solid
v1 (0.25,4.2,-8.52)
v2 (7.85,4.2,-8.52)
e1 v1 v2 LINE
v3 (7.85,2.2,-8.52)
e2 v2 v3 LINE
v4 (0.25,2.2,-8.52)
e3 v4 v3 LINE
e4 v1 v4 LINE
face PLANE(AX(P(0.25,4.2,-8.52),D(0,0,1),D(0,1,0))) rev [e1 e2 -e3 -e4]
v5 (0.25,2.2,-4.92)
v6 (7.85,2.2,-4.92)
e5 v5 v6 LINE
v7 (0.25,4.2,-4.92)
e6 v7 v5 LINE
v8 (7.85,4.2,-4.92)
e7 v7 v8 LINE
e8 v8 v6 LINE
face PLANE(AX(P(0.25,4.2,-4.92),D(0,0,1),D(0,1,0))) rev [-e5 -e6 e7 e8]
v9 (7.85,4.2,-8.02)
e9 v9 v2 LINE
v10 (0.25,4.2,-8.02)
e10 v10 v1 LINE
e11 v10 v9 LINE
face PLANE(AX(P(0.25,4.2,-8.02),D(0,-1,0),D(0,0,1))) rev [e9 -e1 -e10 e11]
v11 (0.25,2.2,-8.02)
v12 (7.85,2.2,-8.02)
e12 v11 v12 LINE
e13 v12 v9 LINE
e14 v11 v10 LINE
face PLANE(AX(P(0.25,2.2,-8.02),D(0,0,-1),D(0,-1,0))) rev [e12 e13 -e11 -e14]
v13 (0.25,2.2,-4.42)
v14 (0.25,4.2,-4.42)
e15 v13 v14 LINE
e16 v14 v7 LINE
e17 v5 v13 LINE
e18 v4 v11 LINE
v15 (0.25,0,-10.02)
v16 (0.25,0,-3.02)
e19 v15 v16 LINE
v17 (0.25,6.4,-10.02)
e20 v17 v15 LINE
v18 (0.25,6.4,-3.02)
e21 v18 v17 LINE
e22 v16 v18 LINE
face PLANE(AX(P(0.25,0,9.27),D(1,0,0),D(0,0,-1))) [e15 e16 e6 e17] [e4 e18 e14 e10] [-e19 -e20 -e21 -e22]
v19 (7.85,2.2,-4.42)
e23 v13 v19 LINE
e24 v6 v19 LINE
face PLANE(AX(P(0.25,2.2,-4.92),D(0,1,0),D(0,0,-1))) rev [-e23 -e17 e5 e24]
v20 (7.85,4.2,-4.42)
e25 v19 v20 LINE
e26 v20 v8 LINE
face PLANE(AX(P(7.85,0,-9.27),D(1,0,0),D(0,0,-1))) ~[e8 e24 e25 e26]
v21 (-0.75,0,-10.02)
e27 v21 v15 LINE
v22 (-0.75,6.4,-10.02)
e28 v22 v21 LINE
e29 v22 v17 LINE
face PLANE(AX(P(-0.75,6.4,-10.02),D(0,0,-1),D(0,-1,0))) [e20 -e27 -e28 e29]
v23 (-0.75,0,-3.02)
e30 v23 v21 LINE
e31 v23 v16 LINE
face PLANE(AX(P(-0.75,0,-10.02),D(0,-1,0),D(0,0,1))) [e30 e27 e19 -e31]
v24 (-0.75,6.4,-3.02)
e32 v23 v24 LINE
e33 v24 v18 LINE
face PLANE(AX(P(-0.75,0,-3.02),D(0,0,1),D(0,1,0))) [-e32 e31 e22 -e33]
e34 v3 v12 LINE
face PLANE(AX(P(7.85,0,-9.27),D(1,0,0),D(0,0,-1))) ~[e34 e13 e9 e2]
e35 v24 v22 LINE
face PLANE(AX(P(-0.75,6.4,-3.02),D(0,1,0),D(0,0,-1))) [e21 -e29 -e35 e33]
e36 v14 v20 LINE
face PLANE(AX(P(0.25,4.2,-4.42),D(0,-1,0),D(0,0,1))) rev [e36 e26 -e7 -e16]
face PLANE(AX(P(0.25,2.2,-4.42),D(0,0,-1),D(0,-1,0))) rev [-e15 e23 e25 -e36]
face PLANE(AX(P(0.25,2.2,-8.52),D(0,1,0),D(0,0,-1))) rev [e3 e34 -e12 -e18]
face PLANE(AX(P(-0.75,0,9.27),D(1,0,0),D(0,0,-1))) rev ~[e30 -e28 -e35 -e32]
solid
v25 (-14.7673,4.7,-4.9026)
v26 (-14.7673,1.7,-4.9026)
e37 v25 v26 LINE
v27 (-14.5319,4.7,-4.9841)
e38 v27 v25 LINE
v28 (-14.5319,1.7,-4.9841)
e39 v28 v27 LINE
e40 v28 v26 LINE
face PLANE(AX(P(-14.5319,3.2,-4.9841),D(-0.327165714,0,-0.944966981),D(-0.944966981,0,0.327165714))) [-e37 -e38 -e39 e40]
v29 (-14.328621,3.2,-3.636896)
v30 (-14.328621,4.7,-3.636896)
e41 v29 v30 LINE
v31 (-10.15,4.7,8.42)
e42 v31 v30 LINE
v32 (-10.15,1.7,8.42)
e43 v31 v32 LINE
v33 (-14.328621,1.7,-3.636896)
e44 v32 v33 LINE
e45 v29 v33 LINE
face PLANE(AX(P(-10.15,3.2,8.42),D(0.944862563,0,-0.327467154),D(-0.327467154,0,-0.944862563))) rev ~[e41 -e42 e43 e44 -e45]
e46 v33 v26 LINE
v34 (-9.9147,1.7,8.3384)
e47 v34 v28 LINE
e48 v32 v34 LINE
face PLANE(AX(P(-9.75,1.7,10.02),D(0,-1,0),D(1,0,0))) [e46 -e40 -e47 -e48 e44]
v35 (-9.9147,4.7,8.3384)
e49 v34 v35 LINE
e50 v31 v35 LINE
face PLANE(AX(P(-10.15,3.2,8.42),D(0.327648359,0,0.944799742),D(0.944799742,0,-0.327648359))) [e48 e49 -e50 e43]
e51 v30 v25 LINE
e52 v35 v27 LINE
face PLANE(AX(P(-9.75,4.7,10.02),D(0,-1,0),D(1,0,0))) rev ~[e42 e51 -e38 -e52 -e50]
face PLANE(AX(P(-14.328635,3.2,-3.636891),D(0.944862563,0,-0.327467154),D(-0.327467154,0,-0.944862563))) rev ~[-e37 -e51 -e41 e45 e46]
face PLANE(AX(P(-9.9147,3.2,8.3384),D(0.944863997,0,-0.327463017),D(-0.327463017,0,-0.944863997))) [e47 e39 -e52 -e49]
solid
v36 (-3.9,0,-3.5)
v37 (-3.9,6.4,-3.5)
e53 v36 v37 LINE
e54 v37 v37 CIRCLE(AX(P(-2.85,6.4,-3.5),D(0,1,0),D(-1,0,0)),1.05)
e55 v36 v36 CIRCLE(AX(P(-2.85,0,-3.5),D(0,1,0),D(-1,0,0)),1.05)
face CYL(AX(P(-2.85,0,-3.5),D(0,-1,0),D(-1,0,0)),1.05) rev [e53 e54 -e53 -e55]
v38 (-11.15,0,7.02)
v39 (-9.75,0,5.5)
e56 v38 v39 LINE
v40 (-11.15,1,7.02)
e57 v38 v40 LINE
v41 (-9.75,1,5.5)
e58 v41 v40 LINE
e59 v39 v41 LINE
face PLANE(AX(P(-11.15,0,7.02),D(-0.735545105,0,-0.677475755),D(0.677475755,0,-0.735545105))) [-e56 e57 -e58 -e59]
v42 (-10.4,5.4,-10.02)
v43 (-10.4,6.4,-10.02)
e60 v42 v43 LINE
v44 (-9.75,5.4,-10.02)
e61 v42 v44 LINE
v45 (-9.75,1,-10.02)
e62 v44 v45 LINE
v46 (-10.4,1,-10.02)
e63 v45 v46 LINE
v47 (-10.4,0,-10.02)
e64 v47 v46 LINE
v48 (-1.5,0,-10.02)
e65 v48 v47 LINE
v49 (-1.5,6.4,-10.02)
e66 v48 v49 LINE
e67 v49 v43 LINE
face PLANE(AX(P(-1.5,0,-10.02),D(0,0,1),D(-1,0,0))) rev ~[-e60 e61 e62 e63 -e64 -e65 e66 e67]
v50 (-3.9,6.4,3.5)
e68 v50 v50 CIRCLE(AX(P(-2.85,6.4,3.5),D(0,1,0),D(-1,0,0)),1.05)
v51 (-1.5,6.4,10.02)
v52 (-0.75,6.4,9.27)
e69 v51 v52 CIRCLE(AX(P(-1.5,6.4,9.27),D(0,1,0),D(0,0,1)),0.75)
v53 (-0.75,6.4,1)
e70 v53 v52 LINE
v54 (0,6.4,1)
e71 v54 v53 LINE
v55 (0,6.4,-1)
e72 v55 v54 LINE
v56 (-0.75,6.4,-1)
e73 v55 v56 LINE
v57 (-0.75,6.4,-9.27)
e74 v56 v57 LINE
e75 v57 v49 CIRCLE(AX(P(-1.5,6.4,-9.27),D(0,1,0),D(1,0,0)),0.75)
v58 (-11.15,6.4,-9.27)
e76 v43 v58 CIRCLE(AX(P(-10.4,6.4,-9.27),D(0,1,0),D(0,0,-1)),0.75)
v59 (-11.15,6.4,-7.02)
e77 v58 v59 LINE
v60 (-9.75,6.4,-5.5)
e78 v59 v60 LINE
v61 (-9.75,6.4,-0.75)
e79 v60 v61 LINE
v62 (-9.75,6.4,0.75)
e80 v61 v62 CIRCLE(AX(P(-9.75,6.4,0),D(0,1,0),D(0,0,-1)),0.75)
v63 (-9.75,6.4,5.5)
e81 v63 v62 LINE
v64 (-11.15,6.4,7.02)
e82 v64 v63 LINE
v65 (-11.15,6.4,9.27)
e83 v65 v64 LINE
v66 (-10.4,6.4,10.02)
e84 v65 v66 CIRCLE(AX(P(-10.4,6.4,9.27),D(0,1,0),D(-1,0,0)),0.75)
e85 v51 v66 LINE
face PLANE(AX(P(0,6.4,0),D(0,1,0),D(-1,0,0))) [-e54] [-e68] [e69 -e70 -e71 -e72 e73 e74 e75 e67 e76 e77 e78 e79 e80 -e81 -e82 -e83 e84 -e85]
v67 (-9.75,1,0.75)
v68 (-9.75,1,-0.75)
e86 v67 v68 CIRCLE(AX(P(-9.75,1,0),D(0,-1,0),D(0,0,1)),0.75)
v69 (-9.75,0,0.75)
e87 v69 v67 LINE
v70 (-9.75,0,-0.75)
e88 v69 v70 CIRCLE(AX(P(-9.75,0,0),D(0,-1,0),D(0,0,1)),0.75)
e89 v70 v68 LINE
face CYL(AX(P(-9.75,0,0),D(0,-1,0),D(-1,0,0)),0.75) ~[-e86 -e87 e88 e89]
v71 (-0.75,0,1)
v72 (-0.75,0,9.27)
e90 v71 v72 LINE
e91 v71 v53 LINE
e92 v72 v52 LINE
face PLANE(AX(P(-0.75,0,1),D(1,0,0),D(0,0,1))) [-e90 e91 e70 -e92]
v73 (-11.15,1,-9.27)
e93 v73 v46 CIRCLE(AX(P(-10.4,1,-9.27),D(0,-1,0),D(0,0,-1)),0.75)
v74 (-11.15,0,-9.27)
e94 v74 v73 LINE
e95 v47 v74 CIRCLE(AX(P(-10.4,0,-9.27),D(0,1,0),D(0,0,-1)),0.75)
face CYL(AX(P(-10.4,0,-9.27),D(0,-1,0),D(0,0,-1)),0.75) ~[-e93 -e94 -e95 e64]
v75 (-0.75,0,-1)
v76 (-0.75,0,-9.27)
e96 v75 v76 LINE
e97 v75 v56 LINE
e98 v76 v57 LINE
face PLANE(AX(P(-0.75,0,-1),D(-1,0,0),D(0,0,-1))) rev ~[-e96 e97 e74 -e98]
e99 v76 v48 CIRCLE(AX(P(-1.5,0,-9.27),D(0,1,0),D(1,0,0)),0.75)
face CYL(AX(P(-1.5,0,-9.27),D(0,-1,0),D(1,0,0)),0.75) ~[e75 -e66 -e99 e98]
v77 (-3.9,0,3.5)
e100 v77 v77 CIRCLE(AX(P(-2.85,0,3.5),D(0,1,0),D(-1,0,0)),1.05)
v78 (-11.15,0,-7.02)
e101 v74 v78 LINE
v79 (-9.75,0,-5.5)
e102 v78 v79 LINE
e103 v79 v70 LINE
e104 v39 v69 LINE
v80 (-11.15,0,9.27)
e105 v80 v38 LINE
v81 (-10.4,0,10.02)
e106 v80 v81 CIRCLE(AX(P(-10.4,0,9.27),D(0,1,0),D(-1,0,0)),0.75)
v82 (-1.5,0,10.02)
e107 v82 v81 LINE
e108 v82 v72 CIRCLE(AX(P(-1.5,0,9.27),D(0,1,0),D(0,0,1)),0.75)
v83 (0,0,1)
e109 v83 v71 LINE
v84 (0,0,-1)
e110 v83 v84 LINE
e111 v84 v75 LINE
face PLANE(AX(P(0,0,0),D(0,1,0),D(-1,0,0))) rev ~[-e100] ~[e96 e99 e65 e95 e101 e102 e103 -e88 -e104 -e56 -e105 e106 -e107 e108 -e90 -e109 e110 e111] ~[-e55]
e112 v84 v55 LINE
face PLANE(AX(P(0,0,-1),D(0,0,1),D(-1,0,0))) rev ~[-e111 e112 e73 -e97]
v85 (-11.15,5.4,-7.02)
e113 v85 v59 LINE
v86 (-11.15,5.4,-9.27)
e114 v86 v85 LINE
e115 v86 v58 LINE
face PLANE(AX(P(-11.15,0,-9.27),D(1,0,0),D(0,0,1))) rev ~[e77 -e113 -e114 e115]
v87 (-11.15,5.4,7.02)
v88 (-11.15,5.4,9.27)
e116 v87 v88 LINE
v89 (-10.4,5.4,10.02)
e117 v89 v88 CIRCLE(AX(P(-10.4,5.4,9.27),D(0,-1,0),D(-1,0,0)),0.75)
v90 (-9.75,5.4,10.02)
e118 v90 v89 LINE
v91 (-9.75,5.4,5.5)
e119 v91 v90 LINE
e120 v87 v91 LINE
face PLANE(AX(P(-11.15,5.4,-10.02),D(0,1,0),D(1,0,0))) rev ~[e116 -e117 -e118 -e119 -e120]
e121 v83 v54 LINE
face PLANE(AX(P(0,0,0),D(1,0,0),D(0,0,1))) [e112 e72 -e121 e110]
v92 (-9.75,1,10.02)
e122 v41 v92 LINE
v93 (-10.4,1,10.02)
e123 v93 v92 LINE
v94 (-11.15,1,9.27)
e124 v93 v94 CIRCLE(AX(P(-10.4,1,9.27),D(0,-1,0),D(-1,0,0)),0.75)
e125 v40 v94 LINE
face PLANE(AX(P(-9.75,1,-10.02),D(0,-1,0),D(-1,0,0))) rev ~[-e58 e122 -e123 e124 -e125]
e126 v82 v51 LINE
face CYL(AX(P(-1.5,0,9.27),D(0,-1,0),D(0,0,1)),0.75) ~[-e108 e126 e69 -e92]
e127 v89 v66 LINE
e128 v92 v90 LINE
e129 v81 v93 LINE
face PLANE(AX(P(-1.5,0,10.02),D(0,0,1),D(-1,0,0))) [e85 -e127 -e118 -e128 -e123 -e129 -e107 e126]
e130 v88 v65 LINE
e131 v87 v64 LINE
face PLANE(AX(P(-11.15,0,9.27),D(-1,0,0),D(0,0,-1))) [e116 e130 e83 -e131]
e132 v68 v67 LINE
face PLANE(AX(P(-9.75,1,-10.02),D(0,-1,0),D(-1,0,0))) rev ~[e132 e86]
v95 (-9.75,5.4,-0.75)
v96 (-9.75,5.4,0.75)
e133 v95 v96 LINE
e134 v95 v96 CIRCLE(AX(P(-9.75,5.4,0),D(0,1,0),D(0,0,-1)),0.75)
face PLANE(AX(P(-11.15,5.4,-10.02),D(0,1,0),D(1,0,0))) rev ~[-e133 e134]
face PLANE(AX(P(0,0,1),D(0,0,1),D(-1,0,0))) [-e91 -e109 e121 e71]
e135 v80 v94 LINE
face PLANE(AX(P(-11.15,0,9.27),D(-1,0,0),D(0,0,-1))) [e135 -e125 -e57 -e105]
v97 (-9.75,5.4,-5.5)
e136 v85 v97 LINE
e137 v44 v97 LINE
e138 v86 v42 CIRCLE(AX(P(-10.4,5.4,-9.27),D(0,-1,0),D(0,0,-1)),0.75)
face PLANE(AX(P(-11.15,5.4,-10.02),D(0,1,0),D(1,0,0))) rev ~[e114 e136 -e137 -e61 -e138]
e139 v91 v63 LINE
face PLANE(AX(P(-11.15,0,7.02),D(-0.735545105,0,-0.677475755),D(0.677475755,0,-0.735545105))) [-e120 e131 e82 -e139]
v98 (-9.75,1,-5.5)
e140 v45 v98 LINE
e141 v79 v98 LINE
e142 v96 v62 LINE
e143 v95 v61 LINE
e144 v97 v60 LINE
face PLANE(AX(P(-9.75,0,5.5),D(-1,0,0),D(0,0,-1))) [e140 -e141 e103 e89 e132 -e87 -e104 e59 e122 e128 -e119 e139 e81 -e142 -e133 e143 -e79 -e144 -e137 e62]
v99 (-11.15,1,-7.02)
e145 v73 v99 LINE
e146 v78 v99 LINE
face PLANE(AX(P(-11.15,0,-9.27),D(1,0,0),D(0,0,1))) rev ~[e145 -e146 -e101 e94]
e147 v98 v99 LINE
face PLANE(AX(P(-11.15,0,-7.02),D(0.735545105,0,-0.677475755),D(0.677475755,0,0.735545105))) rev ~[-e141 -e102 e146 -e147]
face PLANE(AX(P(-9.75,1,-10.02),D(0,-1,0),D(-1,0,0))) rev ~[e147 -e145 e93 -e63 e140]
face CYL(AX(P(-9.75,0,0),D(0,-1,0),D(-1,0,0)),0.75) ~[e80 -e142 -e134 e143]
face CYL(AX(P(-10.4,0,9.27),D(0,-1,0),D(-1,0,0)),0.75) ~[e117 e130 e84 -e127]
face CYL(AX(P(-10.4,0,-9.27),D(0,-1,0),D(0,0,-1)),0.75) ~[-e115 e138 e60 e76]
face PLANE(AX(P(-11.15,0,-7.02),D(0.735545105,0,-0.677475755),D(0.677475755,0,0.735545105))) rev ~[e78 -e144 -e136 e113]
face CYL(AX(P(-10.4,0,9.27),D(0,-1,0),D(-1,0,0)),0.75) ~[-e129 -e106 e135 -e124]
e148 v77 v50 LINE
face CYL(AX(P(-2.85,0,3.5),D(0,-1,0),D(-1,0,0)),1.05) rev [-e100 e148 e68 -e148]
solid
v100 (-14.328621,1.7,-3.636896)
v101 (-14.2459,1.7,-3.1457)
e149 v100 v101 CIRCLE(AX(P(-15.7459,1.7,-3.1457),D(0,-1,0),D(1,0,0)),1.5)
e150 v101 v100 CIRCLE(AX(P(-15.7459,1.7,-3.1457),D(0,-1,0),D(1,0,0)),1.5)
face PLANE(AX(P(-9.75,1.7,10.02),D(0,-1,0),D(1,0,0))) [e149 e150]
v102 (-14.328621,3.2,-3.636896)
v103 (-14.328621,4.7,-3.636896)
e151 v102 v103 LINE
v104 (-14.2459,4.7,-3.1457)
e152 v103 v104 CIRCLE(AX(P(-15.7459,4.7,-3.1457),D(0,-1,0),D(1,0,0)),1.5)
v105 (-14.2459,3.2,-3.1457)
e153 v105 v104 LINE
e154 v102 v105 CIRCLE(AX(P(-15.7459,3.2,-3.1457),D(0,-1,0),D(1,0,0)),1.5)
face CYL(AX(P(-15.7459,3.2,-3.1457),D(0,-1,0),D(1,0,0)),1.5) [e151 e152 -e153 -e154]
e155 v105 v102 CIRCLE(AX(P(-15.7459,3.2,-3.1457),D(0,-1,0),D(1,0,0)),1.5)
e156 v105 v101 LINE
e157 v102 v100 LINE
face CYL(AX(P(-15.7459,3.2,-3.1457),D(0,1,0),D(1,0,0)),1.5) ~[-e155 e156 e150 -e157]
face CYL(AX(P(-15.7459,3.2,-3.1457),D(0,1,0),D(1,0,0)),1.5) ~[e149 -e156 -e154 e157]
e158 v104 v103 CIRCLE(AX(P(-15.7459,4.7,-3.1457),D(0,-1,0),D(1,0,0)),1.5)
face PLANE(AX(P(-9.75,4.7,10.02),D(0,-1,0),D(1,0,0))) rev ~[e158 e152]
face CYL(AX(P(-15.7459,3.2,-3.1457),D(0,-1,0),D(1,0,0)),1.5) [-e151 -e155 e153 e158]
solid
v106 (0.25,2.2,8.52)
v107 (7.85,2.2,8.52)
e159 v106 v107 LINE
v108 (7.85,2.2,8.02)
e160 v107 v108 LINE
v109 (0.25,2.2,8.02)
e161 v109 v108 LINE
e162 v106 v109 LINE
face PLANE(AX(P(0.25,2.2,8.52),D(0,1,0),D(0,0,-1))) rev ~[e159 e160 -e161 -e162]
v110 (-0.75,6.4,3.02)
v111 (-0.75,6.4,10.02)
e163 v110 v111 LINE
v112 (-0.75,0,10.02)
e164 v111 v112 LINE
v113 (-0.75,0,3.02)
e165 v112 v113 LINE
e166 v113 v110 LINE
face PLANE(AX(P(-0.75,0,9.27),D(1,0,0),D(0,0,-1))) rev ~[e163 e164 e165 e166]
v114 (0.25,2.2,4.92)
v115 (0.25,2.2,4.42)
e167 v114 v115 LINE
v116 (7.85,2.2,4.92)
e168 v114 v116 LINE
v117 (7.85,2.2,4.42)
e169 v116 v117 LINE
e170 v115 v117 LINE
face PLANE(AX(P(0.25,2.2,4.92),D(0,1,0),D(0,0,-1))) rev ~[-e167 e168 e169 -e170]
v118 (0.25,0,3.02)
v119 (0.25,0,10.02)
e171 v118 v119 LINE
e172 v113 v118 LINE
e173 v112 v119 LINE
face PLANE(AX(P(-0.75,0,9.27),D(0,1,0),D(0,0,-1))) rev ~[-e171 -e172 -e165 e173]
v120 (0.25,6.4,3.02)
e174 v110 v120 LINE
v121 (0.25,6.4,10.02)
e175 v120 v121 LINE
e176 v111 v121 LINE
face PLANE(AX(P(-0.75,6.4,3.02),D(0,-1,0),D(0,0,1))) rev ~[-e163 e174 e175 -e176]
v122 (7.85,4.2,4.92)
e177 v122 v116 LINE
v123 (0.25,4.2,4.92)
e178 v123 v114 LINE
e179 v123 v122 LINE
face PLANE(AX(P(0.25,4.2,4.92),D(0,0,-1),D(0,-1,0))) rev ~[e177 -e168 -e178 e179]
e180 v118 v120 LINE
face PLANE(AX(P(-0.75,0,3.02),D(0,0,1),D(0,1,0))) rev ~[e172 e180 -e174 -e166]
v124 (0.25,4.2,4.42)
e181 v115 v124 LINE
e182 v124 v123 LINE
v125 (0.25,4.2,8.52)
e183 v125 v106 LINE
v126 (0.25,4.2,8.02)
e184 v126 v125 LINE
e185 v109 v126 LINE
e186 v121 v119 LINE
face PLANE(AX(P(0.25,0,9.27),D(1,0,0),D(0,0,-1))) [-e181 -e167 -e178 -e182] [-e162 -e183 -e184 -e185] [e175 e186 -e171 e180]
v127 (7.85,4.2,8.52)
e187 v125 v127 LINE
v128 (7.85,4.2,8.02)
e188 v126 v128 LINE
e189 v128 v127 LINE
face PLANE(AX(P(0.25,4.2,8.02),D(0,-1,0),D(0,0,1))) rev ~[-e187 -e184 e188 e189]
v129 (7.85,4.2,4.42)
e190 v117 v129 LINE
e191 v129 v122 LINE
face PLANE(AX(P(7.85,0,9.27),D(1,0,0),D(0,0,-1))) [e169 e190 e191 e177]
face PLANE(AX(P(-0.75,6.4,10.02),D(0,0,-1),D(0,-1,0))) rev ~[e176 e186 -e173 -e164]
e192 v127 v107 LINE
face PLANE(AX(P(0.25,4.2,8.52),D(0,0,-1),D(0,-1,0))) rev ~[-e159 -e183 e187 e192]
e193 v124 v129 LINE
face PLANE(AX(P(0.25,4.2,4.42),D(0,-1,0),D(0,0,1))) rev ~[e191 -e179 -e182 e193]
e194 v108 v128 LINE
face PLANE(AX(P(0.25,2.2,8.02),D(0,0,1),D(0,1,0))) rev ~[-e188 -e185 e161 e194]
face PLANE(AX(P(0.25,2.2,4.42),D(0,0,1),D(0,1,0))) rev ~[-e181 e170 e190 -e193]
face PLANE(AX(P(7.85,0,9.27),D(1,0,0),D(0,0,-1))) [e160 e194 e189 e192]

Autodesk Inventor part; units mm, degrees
ref_plane "YZ Plane" through (0, 0, 0) normal (1, 0, 0) x (0, 1, 0)
ref_plane "XZ Plane" through (0, 0, 0) normal (0, 1, 0) x (-1, 0, 0)
ref_plane "XY Plane" through (0, 0, 0) normal (0, 0, 1) x (1, 0, 0)
sketch "Sketch1" plane through (0, 0, 0) normal (0, 1, 0) x (-1, 0, 0)
  line L0 (0, 0) -> (0, 1)
  line L1 (0, 1) -> (0.75, 1)
  line L2 (0.75, 1) -> (0.75, 9.27)
  line L3 (1.5, 10.02) -> (10.4, 10.02)
  line L4 (11.15, 9.27) -> (11.15, 7.02)
  line L5 (11.15, 7.02) -> (9.75, 5.5)
  line L6 (9.75, 5.5) -> (9.75, 0.75)
  arc A0 (10.5, 0) -> (9.75, 0.75) centre (9.75, 0) ccw
  line L7 (9.75, 0) -> (9.75, 0.75) construction
  circle A1 centre (2.85, 3.5) radius 1.05
  line L8 (9.75, 0) -> (9.25, 0) construction
  line L9 (0, 0) -> (9.25, 0) construction
  line L10 (9.75, 7.7) -> (9.75, 5.5) construction
  arc A2 (11.15, 9.27) -> (10.4, 10.02) centre (10.4, 9.27) ccw
  arc A3 (1.5, 10.02) -> (0.75, 9.27) centre (1.5, 9.27) ccw
  line L11 (9.75, 0) -> (10.5, 0) construction
  line L12 (0, 0) -> (0, -1)
  line L13 (0, -1) -> (0.75, -1)
  line L14 (0.75, -1) -> (0.75, -9.27)
  line L15 (1.5, -10.02) -> (10.4, -10.02)
  line L16 (11.15, -9.27) -> (11.15, -7.02)
  line L17 (11.15, -7.02) -> (9.75, -5.5)
  line L18 (9.75, -5.5) -> (9.75, -0.75)
  arc A4 (9.75, -0.75) -> (10.5, 0) centre (9.75, 0) ccw
  line L19 (9.75, 0) -> (9.75, -0.75) construction
  circle A5 centre (2.85, -3.5) radius 1.05
  line L20 (9.75, -7.7) -> (9.75, -5.5) construction
  arc A6 (10.4, -10.02) -> (11.15, -9.27) centre (10.4, -9.27) ccw
  arc A7 (0.75, -9.27) -> (1.5, -10.02) centre (1.5, -9.27) ccw
  point P0 (11.15, 10.02)
  point P1 (11.15, -10.02)
  dimension "d0" = 0.75
  dimension "d1" = 2.1
  dimension "d2" = 3.5
  dimension "d3" = 10.02
  dimension "d4" = 3
  dimension "d5" = 0.75
  dimension "d6" = 2.1
  dimension "d7" = 1
  dimension "d8" = 6.9
  dimension "d9" = 8.3
  dimension "d10" = 4.2
  dimension "d11" = 5.5
  dimension "d12" = 0.75
extrude "Extrusion1" add sketch "Sketch1" along normal blind 6.4
sketch "Sketch2" plane through (-0.75, 0, 9.27) normal (1, 0, 0) x (0, 0, -1)
  line L0 (-0.75, 0) -> (0, 0) projected
  line L1 (8.52, 6.4) -> (3.77, 6.4) construction
  line L2 (-0.75, 0) -> (6.25, 0)
  line L3 (6.25, 0) -> (6.25, 6.4)
  line L4 (6.25, 6.4) -> (-0.75, 6.4)
  line L5 (-0.75, 6.4) -> (-0.75, 0)
  line L6 (8.27, 6.4) -> (10.27, 6.4) construction
  line L7 (9.27, 6.4) -> (9.27, 0) construction
  line L8 (19.29, 0) -> (18.54, 0)
  line L9 (19.29, 0) -> (12.29, 0)
  line L10 (12.29, 0) -> (12.29, 6.4)
  line L11 (12.29, 6.4) -> (19.29, 6.4)
  line L12 (19.29, 6.4) -> (19.29, 0)
  point P0 (14.77, 6.4)
  dimension "d15" = 7
extrude "Extrusion2" add sketch "Sketch2" along normal blind 1 separate body
sketch "Sketch3" plane through (0.25, 0, 9.27) normal (1, 0, 0) x (0, 0, -1)
  line L0 (0.75, 2.2) -> (1.25, 2.2)
  line L1 (1.25, 2.2) -> (1.25, 4.2)
  line L2 (1.25, 4.2) -> (0.75, 4.2)
  line L3 (0.75, 4.2) -> (0.75, 2.2)
  line L4 (0.75, 2.2) -> (1.25, 4.2) construction
  line L5 (1.25, 2.2) -> (0.75, 4.2) construction
  line L6 (4.35, 2.2) -> (4.85, 2.2)
  line L7 (4.85, 2.2) -> (4.85, 4.2)
  line L8 (4.85, 4.2) -> (4.35, 4.2)
  line L9 (4.35, 4.2) -> (4.35, 2.2)
  line L10 (4.35, 2.2) -> (4.85, 4.2) construction
  line L11 (4.85, 2.2) -> (4.35, 4.2) construction
  line L12 (1, 3.2) -> (4.6, 3.2) construction
  line L13 (-0.75, 0) -> (-0.75, 6.4) construction
  line L14 (-0.75, 3.2) -> (1, 3.2) construction
  point P0 (9.27, 0)
  dimension "d18" = 0.5
  dimension "d19" = 2
  dimension "d21" = 3.6
  dimension "d22" = 1.75
extrude "Extrusion3" add sketch "Sketch3" along normal blind 7.6 bodies 2
mirror "Mirror1" about plane through (0, 0, 0) normal (0, 0, 1) of "Extrusion3" bodies 2
sketch "Sketch4" plane through (-1.5, 0, -10.02) normal (0, 0, -1) x (-1, 0, 0)
  line L0 (9.65, 0) -> (9.65, 6.4) construction
  line L1 (9.65, 5.4) -> (8.25, 5.4)
  line L2 (8.25, 5.4) -> (8.25, 1)
  line L3 (8.25, 1) -> (9.65, 1)
  line L4 (9.65, 1) -> (9.65, 5.4)
  line L5 (8.25, 0) -> (8.25, 6.4) construction
  point P0 (-1.5, 0)
  dimension "d25" = 1
  dimension "d26" = 1
extrude "Extrusion4" cut sketch "Sketch4" against normal through all bodies 1
sketch "Sketch5" plane through (0, 0, 0) normal (0, 1, 0) x (-1, 0, 0)
  point P0 (0, 0)
ref_plane "Work Plane1" through (-9.75, 3.2, 10.02) normal (0, -1, 0) x (1, 0, 0)
sketch "Sketch6" plane through (-9.75, 3.2, 10.02) normal (0, -1, 0) x (1, 0, 0)
  line L0 (-0.4, -1.6) -> (-5.0173, -14.9226)
  circle A0 centre (-5.9959, -13.1657) radius 1.5
  line L1 (0, -4.52) -> (0, 0) construction
  line L2 (-0.4, -1.6) -> (-0.1647, -1.6816)
  line L3 (-0.1647, -1.6816) -> (-4.7819, -15.0041)
  line L4 (-4.7819, -15.0041) -> (-5.0173, -14.9226)
  point P0 (9.75, -10.02)
  dimension "d29" = 14.1
  dimension "d30" = 0.4
  dimension "d31" = 1.6
  dimension "d32" = 3
extrude "Extrusion5" add sketch "Sketch6" along normal mid plane 3 separate body
equation "\"d26\" = d25"
properties part number "CH_01_0025_end_switch"
